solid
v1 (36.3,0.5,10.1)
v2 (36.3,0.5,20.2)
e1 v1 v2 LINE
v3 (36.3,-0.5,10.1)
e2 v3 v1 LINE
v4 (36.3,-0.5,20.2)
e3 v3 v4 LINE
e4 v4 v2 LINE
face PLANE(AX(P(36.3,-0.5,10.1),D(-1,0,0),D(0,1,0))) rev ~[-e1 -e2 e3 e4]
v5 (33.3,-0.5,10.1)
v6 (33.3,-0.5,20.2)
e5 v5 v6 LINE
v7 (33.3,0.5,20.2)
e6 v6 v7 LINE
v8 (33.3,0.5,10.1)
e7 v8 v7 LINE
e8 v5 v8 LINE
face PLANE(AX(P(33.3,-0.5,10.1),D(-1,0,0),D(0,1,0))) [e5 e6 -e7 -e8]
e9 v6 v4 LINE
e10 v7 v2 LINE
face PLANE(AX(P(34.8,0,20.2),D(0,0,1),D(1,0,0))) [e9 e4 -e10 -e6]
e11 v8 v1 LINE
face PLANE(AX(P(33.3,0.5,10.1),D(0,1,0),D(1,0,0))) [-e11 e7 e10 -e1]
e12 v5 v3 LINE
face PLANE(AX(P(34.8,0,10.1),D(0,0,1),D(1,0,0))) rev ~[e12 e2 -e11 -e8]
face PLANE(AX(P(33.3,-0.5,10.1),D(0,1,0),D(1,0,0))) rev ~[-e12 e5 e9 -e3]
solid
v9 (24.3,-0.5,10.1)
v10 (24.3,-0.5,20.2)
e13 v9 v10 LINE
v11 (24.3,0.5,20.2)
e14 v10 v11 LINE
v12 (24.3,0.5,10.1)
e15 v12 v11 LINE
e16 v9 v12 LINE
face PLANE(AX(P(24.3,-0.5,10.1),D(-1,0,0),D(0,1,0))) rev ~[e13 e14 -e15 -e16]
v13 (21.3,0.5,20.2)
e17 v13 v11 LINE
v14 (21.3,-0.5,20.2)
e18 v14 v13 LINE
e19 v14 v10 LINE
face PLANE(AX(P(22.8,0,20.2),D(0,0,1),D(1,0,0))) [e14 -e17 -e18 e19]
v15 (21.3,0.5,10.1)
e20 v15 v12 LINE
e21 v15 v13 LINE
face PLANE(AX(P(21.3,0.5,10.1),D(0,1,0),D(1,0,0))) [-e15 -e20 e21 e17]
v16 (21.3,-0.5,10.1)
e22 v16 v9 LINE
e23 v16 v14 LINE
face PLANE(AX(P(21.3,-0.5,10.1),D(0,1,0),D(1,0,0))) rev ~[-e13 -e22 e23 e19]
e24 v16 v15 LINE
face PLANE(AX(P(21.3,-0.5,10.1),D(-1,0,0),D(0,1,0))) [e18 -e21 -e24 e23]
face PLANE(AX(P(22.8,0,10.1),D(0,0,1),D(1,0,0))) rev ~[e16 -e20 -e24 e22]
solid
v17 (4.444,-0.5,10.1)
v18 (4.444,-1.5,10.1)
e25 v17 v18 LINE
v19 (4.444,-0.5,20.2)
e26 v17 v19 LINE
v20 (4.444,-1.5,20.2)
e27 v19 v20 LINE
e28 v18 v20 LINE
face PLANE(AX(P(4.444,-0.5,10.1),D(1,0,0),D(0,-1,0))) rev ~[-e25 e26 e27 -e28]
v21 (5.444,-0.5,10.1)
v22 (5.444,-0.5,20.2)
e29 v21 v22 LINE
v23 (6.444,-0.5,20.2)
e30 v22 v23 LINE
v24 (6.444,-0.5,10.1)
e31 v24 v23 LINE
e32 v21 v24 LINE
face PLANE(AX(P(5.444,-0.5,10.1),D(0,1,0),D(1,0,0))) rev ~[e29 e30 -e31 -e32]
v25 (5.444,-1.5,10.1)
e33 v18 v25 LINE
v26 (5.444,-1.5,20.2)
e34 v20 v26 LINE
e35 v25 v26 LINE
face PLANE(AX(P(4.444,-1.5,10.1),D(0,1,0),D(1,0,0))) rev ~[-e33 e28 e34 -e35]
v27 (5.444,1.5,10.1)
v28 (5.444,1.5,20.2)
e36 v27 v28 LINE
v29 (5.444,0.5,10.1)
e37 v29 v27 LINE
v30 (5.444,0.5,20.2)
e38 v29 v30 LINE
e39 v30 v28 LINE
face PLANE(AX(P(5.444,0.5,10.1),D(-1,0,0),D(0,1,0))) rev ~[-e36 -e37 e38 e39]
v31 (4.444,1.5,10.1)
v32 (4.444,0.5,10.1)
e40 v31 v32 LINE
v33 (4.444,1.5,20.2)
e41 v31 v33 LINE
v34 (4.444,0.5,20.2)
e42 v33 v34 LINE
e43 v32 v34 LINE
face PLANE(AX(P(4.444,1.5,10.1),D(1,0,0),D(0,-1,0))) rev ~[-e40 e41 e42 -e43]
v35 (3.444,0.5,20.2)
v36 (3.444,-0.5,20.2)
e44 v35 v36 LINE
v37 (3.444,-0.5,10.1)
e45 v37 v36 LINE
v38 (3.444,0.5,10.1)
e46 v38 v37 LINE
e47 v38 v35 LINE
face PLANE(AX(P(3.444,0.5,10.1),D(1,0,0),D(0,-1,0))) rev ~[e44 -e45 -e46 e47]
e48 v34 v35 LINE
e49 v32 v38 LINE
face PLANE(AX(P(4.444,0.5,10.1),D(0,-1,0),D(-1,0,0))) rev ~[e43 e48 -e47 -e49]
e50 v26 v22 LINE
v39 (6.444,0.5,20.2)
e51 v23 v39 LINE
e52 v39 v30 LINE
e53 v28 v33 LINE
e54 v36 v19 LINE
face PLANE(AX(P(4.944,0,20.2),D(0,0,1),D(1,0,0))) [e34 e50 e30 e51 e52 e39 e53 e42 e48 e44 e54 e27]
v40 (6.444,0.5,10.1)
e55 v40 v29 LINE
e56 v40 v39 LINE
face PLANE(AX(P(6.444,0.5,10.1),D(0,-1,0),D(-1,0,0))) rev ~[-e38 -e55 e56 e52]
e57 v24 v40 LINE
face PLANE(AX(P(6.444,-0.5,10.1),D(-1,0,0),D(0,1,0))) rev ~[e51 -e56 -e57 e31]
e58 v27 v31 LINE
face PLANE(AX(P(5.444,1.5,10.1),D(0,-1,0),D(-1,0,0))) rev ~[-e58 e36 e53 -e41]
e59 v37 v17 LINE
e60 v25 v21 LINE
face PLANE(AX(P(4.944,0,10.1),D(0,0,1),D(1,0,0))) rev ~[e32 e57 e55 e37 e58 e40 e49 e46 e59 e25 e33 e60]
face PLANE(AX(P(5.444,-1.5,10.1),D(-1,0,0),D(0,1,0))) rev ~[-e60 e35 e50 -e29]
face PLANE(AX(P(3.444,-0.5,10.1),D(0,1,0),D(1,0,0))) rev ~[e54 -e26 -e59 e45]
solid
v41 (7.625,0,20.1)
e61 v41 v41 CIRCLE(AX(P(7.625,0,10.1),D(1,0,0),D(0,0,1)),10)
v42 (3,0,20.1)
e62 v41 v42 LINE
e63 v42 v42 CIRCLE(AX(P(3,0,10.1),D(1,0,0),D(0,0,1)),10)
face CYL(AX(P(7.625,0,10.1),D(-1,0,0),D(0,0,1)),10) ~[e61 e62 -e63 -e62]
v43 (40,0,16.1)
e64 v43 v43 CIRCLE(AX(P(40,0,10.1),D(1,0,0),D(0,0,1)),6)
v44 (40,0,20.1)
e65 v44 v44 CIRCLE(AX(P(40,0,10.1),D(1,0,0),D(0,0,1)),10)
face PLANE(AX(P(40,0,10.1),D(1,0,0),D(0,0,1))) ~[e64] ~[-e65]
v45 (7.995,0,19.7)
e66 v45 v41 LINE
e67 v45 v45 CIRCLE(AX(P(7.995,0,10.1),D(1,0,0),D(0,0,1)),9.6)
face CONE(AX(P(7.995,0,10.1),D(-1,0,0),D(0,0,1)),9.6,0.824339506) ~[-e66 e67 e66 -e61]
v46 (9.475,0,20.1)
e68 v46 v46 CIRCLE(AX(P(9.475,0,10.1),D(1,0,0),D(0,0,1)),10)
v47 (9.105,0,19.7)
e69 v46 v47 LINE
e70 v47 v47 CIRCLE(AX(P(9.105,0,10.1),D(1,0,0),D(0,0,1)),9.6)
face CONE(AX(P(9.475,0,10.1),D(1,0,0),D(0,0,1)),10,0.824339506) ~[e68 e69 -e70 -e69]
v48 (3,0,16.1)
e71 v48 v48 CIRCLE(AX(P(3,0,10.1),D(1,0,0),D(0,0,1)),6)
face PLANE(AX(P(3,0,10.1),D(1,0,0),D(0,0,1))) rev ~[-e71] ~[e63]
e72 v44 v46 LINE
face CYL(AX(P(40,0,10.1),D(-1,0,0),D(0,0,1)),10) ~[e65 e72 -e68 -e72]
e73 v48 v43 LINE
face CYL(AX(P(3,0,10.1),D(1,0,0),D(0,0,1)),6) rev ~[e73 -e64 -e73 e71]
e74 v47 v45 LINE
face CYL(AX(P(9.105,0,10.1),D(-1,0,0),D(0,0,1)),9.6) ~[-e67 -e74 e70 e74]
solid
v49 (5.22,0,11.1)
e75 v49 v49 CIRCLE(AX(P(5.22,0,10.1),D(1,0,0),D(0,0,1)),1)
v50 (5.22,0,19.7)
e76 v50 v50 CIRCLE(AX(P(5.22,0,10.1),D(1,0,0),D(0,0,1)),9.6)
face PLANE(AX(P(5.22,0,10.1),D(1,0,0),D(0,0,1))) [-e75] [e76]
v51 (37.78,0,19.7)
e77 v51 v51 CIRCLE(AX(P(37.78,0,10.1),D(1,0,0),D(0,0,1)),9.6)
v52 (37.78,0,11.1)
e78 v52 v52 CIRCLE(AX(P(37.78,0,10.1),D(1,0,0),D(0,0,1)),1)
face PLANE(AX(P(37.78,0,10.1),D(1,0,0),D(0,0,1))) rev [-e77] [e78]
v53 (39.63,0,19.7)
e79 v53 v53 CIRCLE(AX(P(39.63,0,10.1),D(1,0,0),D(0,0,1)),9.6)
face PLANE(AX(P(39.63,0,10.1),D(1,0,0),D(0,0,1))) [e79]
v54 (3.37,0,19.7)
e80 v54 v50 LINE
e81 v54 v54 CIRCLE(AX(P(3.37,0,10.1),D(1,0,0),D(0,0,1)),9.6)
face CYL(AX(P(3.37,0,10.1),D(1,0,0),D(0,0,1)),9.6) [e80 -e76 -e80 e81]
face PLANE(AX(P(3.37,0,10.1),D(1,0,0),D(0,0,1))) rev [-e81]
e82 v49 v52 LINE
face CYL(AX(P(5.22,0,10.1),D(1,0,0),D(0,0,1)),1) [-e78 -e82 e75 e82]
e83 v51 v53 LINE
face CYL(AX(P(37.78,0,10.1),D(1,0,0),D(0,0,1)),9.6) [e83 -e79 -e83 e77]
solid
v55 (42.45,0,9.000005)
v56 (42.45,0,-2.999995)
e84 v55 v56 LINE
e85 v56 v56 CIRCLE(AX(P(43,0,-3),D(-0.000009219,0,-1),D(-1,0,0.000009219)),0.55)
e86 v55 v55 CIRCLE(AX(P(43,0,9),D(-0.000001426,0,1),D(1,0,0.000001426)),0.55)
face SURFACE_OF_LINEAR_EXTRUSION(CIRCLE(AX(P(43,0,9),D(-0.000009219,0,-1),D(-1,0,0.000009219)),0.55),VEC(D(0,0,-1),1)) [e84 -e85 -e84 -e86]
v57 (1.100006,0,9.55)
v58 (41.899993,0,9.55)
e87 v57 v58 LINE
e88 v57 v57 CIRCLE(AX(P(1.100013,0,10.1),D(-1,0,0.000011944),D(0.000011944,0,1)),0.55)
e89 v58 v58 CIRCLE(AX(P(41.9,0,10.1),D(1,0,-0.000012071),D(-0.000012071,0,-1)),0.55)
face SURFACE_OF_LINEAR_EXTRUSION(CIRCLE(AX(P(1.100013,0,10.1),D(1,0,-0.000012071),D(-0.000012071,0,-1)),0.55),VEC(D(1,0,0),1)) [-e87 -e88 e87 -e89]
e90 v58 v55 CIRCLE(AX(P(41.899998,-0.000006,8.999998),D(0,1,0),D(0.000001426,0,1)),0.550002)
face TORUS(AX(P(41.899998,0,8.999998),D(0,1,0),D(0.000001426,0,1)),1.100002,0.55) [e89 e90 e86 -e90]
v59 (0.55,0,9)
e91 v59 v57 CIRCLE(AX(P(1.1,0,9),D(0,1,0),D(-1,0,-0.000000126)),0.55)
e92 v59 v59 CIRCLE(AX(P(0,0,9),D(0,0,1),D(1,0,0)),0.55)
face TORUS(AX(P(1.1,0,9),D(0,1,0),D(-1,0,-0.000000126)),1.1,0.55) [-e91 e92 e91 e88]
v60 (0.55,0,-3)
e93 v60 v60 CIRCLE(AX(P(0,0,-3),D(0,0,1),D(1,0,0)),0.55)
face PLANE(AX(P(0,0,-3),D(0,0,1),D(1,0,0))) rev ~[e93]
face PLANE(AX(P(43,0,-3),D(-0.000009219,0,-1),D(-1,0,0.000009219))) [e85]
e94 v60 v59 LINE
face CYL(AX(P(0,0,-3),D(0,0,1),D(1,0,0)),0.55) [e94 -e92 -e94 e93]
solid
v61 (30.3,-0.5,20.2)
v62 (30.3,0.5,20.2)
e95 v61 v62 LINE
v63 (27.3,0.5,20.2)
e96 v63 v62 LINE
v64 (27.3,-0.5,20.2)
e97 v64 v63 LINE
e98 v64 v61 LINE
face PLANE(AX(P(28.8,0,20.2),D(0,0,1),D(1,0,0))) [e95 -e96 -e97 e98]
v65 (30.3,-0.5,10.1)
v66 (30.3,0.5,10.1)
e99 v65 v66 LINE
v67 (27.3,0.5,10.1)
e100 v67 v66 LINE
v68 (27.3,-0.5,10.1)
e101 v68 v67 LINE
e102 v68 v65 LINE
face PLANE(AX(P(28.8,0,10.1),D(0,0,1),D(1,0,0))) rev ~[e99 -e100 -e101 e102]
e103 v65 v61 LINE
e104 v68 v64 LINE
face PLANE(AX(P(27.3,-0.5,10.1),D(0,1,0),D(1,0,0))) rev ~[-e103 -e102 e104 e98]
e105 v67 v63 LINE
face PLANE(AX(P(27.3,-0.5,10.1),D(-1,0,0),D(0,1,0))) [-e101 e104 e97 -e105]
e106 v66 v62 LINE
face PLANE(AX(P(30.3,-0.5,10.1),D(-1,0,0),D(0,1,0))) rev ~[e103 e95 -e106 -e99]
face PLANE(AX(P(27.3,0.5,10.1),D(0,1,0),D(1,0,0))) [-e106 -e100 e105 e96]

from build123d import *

# Parameters (mm, degrees)
SKETCH_R    = 0.55
SKETCH004_W = 3
SKETCH004_H = 1
PAD_DEPTH   = 10.1


with BuildPart() as sweep_body:
    # Sweep: sweep along a path in Sketch001
    with BuildLine(Plane.XZ) as sweep_path:
        Line((0, -3), (0, 9))
        ThreePointArc((0, 9), (0.322187, 9.777822), (1.100013, 10.1))
        Line((1.100013, 10.1), (41.9, 10.1))
        ThreePointArc((41.9, 10.1), (42.677817, 9.777817), (43, 9))
        Line((43, 9), (43, -3))
    # Sketch → Sweep (sweep)
    with BuildSketch(Plane.XY.offset(-2)):
        Circle(SKETCH_R)
    sweep(path=sweep_path.line)


with BuildPart() as revolution:
    # Sketch002 → Revolution (revolve)
    with BuildSketch(Plane.XZ):
        Polygon((3, 20.1), (3, 16.1), (40, 16.1), (40, 20.1), (9.475, 20.1), (9.105, 19.7), (7.995, 19.7), (7.625, 20.1), align=None)
    revolve(axis=Axis((6.97588, 0, 10.1), (1, 0, 0)))


with BuildPart() as revolution001:
    # Sketch003 → Revolution001 (revolve)
    with BuildSketch(Plane.XZ):
        Polygon((3.37, 19.7), (5.22, 19.7), (5.22, 11.1), (37.78, 11.1), (37.78, 19.7), (39.63, 19.7), (39.63, 10.1), (3.37, 10.1), align=None)
    revolve(axis=Axis((6.97588, 0, 10.1), (1, 0, 0)))


with BuildPart() as pad:
    # Sketch004 → Pad (new body)
    with BuildSketch(Plane.XY.offset(10.1)):
        with Locations((34.8, 0)):
            Rectangle(SKETCH004_W, SKETCH004_H)
        with Locations((28.8, 0)):
            Rectangle(SKETCH004_W, SKETCH004_H)
        with Locations((22.8, 0)):
            Rectangle(SKETCH004_W, SKETCH004_H)
        Polygon((4.444, 0.5), (3.444, 0.5), (3.444, -0.5), (4.444, -0.5), (4.444, -1.5), (5.444, -1.5), (5.444, -0.5), (6.444, -0.5), (6.444, 0.5), (5.444, 0.5), (5.444, 1.5), (4.444, 1.5), align=None)
    extrude(amount=PAD_DEPTH)


solid = Compound([sweep_body.part, revolution.part, revolution001.part, pad.part])
